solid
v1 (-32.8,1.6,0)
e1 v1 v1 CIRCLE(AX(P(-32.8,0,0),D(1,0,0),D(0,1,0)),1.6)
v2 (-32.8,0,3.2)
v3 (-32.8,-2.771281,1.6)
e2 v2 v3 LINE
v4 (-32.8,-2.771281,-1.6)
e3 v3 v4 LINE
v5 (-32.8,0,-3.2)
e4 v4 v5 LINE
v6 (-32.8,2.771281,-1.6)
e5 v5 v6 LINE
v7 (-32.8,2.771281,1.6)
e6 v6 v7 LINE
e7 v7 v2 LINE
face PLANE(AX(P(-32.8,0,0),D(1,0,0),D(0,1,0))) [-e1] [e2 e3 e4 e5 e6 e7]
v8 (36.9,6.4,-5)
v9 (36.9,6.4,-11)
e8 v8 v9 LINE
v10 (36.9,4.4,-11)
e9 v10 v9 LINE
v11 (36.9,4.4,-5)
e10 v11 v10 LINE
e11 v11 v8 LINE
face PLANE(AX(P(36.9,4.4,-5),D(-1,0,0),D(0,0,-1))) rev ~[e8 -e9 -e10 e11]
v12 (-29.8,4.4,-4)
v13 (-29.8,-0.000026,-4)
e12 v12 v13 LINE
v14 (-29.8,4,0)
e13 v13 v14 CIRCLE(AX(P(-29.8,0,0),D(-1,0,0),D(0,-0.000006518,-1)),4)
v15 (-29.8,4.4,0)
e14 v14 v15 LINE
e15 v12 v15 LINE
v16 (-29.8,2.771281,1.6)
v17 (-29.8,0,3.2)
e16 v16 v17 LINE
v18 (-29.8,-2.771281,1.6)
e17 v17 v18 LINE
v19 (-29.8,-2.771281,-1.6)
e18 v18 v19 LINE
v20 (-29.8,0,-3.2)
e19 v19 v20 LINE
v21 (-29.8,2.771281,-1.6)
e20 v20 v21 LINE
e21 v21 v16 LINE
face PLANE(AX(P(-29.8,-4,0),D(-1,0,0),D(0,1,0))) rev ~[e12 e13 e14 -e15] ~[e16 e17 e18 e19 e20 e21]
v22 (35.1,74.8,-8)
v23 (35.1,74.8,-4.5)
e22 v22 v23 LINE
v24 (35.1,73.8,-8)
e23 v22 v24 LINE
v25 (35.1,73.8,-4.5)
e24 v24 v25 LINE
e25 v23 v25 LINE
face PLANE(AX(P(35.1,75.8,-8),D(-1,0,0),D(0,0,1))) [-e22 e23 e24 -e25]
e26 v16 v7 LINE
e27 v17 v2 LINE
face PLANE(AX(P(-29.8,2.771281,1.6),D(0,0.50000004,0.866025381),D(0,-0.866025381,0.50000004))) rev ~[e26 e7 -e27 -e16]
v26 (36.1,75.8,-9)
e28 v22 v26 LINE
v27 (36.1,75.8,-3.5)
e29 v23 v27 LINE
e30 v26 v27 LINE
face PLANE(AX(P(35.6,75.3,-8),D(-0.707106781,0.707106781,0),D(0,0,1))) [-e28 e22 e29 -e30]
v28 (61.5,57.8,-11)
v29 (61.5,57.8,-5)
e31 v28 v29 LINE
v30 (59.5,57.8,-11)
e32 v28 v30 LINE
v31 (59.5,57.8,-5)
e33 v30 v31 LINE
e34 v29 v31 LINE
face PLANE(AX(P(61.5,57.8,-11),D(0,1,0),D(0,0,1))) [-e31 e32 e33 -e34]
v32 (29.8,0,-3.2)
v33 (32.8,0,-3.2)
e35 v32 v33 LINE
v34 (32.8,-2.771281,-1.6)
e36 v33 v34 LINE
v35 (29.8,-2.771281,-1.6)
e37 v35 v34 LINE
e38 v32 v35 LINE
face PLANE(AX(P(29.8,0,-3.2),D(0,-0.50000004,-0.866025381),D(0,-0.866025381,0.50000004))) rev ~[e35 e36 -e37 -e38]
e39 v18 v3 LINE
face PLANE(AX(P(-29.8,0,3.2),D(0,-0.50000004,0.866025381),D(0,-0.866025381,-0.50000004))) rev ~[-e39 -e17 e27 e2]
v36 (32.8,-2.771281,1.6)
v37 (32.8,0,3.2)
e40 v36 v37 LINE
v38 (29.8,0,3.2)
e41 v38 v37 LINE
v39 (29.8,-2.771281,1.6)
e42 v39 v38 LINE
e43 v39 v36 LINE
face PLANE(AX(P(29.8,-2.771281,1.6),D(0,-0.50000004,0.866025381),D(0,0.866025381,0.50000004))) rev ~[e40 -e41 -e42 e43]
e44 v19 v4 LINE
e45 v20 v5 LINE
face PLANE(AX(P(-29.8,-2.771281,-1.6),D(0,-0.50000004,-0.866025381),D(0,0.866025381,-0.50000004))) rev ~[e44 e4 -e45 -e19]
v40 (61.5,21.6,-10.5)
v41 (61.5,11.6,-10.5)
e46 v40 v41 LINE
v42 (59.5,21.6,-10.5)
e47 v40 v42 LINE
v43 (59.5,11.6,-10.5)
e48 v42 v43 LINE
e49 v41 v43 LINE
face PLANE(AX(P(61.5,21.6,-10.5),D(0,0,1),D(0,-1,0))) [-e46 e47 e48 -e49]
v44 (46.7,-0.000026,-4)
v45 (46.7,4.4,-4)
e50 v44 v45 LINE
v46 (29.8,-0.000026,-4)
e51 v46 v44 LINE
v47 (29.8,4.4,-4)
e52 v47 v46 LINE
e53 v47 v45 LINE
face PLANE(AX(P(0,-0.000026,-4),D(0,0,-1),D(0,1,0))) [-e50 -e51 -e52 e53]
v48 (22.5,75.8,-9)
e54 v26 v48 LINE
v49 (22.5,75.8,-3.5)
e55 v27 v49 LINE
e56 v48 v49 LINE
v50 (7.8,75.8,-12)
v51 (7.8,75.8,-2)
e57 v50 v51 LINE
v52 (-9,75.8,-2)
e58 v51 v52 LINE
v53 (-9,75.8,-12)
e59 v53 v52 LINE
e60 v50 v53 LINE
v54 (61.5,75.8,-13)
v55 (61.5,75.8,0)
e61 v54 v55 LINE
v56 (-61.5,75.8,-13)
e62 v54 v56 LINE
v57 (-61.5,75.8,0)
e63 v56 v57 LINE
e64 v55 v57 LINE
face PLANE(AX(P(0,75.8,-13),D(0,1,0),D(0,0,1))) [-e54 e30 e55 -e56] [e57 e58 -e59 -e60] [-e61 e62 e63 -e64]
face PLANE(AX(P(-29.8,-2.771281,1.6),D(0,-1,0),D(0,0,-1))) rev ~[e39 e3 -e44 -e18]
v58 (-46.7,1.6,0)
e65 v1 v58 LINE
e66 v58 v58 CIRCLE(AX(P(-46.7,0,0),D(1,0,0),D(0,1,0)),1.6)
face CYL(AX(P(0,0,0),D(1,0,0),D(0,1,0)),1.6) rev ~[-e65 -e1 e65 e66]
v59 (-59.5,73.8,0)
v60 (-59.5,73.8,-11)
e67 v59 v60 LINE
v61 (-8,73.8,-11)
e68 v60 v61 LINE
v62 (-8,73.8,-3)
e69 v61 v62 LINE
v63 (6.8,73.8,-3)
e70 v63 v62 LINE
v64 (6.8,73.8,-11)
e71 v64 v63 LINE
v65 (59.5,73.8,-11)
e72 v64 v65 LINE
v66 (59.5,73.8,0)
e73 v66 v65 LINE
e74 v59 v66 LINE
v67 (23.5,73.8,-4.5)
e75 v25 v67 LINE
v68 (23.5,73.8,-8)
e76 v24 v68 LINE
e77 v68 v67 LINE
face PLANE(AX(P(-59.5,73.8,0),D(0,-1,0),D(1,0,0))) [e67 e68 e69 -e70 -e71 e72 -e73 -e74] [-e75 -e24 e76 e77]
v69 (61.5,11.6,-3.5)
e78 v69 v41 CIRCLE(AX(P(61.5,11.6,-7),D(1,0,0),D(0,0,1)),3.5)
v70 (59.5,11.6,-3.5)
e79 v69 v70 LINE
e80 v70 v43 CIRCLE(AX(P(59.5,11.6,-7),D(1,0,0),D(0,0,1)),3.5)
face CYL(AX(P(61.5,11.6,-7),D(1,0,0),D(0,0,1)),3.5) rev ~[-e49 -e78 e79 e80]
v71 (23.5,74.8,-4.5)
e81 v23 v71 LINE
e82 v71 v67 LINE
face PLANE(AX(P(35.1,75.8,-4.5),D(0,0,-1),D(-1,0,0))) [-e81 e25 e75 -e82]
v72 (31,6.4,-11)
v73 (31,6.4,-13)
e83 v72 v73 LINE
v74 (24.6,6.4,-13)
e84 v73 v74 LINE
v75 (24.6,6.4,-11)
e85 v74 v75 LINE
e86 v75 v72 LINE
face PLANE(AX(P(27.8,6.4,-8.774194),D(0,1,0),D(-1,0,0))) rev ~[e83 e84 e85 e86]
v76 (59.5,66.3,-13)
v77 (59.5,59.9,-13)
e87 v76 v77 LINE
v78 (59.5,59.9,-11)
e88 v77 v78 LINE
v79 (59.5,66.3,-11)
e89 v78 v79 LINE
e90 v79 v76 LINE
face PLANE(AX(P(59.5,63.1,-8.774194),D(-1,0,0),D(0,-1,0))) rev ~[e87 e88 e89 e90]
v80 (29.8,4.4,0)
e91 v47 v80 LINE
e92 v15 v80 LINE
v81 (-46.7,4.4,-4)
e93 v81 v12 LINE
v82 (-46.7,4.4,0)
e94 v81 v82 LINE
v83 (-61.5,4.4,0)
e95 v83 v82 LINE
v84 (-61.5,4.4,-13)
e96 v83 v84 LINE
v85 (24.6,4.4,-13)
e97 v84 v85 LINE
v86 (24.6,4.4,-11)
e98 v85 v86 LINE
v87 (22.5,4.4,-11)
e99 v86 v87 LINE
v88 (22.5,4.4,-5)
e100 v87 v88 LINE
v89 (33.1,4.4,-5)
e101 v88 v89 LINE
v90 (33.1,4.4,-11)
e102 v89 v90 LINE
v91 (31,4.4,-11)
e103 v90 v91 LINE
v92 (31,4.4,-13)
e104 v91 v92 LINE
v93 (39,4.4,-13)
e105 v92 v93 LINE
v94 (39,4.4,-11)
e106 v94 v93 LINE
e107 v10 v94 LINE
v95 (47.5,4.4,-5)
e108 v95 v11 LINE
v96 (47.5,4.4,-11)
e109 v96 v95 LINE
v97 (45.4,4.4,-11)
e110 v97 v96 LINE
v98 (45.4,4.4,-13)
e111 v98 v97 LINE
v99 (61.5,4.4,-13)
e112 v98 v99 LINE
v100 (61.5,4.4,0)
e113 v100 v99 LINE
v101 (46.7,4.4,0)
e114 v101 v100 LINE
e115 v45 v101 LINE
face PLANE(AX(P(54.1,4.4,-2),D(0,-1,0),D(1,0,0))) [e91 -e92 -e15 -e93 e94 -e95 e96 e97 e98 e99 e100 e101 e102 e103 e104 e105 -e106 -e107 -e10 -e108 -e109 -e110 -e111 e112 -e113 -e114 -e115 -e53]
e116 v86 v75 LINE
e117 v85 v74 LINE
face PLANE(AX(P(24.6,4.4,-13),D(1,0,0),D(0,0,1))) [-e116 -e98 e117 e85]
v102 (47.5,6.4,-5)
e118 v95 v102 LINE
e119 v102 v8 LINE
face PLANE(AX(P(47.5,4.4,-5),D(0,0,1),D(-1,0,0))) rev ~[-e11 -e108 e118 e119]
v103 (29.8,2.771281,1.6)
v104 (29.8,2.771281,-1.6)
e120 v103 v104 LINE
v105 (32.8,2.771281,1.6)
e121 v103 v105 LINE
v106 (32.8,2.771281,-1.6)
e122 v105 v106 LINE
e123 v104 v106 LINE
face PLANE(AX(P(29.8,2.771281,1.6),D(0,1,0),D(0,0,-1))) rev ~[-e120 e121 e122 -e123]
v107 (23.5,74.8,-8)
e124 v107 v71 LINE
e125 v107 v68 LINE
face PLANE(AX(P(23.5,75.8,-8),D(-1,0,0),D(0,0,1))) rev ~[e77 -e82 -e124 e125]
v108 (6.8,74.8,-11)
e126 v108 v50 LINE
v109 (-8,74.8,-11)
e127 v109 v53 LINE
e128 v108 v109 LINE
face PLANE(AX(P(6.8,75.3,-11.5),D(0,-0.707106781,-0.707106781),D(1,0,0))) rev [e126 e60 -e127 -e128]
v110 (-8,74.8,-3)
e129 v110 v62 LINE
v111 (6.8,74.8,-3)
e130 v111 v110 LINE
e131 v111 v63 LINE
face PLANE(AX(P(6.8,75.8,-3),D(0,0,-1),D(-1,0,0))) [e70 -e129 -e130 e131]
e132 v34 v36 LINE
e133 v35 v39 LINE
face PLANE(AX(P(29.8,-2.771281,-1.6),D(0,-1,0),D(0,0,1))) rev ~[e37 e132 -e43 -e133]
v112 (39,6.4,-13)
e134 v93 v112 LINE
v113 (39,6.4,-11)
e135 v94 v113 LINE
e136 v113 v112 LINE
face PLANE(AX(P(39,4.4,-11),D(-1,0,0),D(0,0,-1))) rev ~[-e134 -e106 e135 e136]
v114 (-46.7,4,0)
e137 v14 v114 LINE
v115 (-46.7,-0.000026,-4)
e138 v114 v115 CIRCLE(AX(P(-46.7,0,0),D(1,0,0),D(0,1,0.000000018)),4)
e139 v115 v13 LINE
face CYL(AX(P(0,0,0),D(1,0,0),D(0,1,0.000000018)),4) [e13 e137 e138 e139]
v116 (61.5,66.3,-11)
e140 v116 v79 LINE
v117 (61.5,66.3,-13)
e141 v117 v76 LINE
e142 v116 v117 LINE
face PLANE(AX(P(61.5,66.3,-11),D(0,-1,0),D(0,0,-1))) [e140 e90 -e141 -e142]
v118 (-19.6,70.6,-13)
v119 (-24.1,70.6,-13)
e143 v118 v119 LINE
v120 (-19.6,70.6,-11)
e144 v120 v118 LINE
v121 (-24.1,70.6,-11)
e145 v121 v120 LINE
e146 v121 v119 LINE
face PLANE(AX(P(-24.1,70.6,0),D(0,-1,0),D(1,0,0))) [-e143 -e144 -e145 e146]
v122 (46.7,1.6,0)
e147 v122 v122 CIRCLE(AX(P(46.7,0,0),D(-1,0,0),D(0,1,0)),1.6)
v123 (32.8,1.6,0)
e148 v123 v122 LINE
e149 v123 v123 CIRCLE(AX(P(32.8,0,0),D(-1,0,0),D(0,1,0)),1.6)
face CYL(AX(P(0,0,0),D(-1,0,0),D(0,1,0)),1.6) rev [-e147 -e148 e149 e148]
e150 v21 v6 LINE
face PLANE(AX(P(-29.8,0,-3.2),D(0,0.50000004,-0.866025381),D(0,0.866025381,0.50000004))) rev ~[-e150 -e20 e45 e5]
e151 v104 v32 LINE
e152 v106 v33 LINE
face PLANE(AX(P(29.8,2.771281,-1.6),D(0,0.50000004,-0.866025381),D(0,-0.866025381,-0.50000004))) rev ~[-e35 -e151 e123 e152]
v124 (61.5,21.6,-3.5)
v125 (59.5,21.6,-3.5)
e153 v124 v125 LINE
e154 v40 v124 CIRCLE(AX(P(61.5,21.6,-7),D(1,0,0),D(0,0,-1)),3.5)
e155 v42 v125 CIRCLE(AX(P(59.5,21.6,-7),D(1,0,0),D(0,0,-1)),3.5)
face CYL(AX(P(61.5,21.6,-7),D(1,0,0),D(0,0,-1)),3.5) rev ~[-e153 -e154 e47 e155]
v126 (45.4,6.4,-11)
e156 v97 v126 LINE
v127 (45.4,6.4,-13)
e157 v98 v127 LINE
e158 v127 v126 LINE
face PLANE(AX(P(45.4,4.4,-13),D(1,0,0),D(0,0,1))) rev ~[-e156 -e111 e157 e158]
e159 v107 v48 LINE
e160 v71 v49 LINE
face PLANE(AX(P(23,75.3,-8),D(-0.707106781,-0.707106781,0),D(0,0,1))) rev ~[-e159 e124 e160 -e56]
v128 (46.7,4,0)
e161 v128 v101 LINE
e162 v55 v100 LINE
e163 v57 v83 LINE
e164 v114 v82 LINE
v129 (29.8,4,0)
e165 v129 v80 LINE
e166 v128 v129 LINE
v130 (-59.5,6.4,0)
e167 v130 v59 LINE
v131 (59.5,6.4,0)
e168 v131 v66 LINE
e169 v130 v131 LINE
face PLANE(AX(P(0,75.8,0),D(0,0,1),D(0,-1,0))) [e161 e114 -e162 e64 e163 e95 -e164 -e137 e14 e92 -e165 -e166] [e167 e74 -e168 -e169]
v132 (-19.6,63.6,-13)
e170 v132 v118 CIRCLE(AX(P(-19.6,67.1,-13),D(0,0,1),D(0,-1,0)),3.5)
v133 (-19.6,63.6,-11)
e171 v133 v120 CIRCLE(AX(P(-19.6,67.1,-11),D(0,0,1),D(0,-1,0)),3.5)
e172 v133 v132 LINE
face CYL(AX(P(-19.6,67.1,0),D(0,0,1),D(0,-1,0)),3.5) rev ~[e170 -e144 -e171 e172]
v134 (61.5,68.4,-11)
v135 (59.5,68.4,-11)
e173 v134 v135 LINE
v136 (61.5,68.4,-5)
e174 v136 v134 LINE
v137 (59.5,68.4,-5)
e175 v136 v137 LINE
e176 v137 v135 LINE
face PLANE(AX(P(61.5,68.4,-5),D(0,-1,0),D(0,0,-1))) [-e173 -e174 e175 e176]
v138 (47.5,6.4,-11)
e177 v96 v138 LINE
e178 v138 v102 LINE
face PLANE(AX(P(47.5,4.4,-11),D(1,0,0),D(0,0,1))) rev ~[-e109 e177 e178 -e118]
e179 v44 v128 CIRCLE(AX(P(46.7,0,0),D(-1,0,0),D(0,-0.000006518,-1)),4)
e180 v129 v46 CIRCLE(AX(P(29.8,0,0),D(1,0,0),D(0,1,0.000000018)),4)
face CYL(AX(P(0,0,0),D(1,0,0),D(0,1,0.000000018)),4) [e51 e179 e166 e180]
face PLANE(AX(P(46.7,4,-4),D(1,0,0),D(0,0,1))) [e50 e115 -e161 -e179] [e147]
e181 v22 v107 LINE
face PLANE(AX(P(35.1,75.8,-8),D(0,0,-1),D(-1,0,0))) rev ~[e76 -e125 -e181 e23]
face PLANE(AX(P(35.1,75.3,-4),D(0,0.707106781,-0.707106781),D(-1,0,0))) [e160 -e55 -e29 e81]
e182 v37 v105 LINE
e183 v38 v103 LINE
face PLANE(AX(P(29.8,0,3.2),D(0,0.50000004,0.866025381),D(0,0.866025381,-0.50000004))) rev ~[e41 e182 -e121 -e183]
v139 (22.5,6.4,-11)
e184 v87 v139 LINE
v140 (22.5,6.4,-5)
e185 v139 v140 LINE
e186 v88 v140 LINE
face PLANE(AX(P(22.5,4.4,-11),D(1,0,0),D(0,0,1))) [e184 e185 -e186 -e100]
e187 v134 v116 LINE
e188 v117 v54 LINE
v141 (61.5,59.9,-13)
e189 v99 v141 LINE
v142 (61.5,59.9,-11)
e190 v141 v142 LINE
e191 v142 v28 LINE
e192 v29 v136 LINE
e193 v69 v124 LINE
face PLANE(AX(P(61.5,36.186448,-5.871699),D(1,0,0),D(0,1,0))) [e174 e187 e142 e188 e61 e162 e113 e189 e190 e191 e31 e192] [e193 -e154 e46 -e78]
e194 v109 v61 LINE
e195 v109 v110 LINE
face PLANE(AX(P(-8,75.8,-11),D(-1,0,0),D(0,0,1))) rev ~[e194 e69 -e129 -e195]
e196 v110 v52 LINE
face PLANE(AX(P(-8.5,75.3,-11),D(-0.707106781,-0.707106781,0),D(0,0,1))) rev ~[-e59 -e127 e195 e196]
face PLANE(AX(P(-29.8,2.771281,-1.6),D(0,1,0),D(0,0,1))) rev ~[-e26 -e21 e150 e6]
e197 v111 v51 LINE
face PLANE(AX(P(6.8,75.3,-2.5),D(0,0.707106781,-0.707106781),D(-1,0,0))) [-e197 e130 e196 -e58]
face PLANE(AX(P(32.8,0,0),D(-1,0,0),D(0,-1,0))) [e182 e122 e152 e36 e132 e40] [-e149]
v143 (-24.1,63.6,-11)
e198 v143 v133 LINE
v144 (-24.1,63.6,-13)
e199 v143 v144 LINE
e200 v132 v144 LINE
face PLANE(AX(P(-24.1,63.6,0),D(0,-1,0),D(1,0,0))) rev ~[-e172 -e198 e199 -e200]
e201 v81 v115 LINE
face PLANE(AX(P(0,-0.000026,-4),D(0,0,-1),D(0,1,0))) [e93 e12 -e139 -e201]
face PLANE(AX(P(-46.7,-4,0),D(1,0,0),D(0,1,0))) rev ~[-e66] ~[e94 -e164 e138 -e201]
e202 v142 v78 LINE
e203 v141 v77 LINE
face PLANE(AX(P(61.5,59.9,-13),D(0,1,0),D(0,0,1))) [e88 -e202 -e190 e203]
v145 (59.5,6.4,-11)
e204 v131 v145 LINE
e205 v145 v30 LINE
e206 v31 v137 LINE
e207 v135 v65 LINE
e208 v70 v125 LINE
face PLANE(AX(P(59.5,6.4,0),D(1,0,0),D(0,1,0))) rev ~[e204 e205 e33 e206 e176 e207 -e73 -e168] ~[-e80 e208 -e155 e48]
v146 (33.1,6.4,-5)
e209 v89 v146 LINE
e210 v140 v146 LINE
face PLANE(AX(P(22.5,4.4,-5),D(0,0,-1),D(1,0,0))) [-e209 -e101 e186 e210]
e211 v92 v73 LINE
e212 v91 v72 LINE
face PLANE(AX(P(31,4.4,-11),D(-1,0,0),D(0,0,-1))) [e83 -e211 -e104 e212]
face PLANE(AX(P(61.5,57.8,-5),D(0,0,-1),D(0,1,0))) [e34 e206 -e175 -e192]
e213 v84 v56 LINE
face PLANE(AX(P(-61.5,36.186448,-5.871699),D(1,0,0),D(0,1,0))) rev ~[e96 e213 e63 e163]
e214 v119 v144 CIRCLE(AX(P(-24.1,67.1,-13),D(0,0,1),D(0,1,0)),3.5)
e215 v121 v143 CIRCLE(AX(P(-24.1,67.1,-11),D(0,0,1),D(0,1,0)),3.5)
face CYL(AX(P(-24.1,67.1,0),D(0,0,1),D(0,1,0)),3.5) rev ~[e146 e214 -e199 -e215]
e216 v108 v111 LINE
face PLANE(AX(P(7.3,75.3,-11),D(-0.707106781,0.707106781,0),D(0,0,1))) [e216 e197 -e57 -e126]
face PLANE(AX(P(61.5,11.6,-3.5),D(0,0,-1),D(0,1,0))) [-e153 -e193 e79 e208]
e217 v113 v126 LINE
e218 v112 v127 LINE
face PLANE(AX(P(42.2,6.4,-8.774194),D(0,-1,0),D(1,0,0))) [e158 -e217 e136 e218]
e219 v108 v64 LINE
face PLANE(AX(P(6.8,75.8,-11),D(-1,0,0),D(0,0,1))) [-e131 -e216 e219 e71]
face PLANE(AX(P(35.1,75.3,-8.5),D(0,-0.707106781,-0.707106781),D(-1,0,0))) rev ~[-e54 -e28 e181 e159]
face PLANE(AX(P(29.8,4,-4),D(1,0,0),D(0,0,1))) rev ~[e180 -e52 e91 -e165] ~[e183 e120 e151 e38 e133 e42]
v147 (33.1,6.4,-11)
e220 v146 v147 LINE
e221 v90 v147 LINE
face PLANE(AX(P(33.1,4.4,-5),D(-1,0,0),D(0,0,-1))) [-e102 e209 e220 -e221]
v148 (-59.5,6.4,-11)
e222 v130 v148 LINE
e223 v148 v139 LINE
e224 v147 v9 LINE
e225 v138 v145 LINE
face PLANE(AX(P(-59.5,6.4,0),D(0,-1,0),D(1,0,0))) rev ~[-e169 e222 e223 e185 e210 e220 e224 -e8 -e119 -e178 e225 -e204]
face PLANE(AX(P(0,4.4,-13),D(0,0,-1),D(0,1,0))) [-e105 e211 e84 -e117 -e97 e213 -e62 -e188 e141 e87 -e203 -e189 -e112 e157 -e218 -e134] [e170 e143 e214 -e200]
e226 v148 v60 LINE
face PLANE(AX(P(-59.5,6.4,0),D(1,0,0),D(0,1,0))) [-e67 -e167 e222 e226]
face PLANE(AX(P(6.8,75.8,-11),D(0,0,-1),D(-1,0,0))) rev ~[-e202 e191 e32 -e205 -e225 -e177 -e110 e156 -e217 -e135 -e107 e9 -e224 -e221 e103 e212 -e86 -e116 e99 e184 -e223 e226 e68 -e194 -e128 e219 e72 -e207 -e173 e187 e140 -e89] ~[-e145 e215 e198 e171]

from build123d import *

# Parameters (mm, degrees)
SKETCH035_R          = 1.6
PAD_DEPTH            = 61.5
PAD_DEPTH_BACK       = 61.5
SKETCH038_W          = 14.8
SKETCH038_H          = 8
SKETCH038_W_2        = 59.6
POCKET001_DEPTH      = 4
POCKET001_DEPTH_BACK = 4
SKETCH039_W          = 119
SKETCH039_H          = 67.4
POCKET002_DEPTH      = 11
POCKET003_DEPTH      = 13.001
SKETCH041_W          = 11.6
SKETCH041_H          = 3.5
SKETCH041_W_2        = 14.8
SKETCH041_H_2        = 8
POCKET004_DEPTH      = 2
POCKET005_DEPTH      = 2
POCKET006_DEPTH      = 2
POCKET011_DEPTH      = 3
POCKET012_DEPTH      = 3
SKETCH051_W          = 14.8
SKETCH051_H          = 4
SKETCH051_W_2        = 59.6
POCKET013_DEPTH      = 0.4
CHAMFER_SIZE         = 1


with BuildPart() as part:
    # Sketch035 (on Face1 of Binder) → Pad (new body, two sides)
    with BuildSketch(Plane.YZ) as pad_sk:
        with BuildLine():
            ThreePointArc((4, 0), (-2.828418, 2.828436), (-2.6e-05, -4))
            Line((-2.6e-05, -4), (4.4, -4))
            Line((4.4, -4), (4.4, -13))
            Line((4.4, -13), (75.8, -13))
            Line((75.8, -13), (75.8, 0))
            Line((75.8, 0), (4, 0))
        make_face()
        Circle(SKETCH035_R, mode=Mode.SUBTRACT)
    extrude(amount=PAD_DEPTH)
    extrude(pad_sk.sketch, amount=-PAD_DEPTH_BACK)

    # Sketch038 → Pocket001 (cut, two sides)
    with BuildSketch(Plane.XY) as pocket001_sk:
        with Locations((-54.1, 0)):
            Rectangle(SKETCH038_W, SKETCH038_H)
        Rectangle(SKETCH038_W_2, SKETCH038_H)
        with Locations((54.1, 0)):
            Rectangle(SKETCH038_W, SKETCH038_H)
    extrude(amount=-POCKET001_DEPTH, mode=Mode.SUBTRACT)
    extrude(pocket001_sk.sketch, amount=POCKET001_DEPTH_BACK, mode=Mode.SUBTRACT)

    # Sketch039 → Pocket002 (cut)
    with BuildSketch(Plane.XY):
        with Locations((0, 40.1)):
            Rectangle(SKETCH039_W, SKETCH039_H)
    extrude(amount=-POCKET002_DEPTH, mode=Mode.SUBTRACT)

    # Sketch040 → Pocket003 (cut, through all)
    with BuildSketch(Plane.XY):
        with BuildLine():
            ThreePointArc((-24.1, 70.6), (-27.6, 67.1), (-24.1, 63.6))
            Line((-24.1, 63.6), (-19.6, 63.6))
            ThreePointArc((-19.6, 63.6), (-16.1, 67.1), (-19.6, 70.6))
            Line((-24.1, 70.6), (-19.6, 70.6))
        make_face()
    extrude(amount=-POCKET003_DEPTH, mode=Mode.SUBTRACT)

    # Sketch041 (on Face16 of Pocket003) → Pocket004 (cut)
    with BuildSketch(Plane(origin=(0, 75.8, 0), x_dir=(-1, 0, 0), z_dir=(0, 1, 0))):
        with Locations((-29.3, -6.25)):
            Rectangle(SKETCH041_W, SKETCH041_H)
        with Locations((0.6, -7)):
            Rectangle(SKETCH041_W_2, SKETCH041_H_2)
    extrude(amount=-POCKET004_DEPTH, mode=Mode.SUBTRACT)

    # Sketch042 (on Face9 of Pocket004) → Pocket005 (cut)
    with BuildSketch(Plane.XZ.offset(-4.4)):
        Polygon((22.5, -5), (33.1, -5), (33.1, -11), (31, -11), (31, -13), (24.6, -13), (24.6, -11), (22.5, -11), align=None)
        Polygon((36.9, -5), (36.9, -11), (39, -11), (39, -13), (45.4, -13), (45.4, -11), (47.5, -11), (47.5, -5), align=None)
    extrude(amount=-POCKET005_DEPTH, mode=Mode.SUBTRACT)

    # Sketch043 (on Face10 of Pocket005) → Pocket006 (cut)
    with BuildSketch(Plane.YZ.offset(61.5)):
        Polygon((57.8, -5), (68.4, -5), (68.4, -11), (66.3, -11), (66.3, -13), (59.9, -13), (59.9, -11), (57.8, -11), align=None)
        with BuildLine():
            Line((11.6, -3.5), (21.6, -3.5))
            ThreePointArc((21.6, -10.5), (25.1, -7), (21.6, -3.5))
            Line((21.6, -10.5), (11.6, -10.5))
            ThreePointArc((11.6, -3.5), (8.1, -7), (11.6, -10.5))
        make_face()
    extrude(amount=-POCKET006_DEPTH, mode=Mode.SUBTRACT)

    # Sketch049 (on Face14 of Pocket006) → Pocket011 (cut)
    with BuildSketch(Plane(origin=(29.8, 0, 0), x_dir=(0, -1, 0), z_dir=(-1, 0, 0))):
        Polygon((2.771281, 1.6), (0, 3.2), (-2.771281, 1.6), (-2.771281, -1.6), (0, -3.2), (2.771281, -1.6), align=None)
    extrude(amount=-POCKET011_DEPTH, mode=Mode.SUBTRACT)

    # Sketch050 (on Face4 of Pocket011) → Pocket012 (cut)
    with BuildSketch(Plane.YZ.offset(-29.8)):
        Polygon((2.771281, -1.6), (2.771281, 1.6), (0, 3.2), (-2.771281, 1.6), (-2.771281, -1.6), (0, -3.2), align=None)
    extrude(amount=-POCKET012_DEPTH, mode=Mode.SUBTRACT)

    # Sketch051 (on Face15 of Pocket012) → Pocket013 (cut)
    with BuildSketch(Plane.XZ.offset(-4)):
        with Locations((54.1, -2)):
            Rectangle(SKETCH051_W, SKETCH051_H)
        with Locations((0, -2)):
            Rectangle(SKETCH051_W_2, SKETCH051_H)
        with Locations((-54.1, -2)):
            Rectangle(SKETCH051_W, SKETCH051_H)
    extrude(amount=-POCKET013_DEPTH, mode=Mode.SUBTRACT)

    # Chamfer
    chamfer_edges = [part.edges().sort_by_distance(p)[0] for p in [
        (35.1, 75.8, -6.25),
        (29.3, 75.8, -4.5),
        (23.5, 75.8, -6.25),
        (29.3, 75.8, -8),
        (6.8, 75.8, -7),
        (-8, 75.8, -7),
        (-0.6, 75.8, -3),
        (-0.6, 75.8, -11),
    ]]
    chamfer(chamfer_edges, length=CHAMFER_SIZE)


solid = part.part
